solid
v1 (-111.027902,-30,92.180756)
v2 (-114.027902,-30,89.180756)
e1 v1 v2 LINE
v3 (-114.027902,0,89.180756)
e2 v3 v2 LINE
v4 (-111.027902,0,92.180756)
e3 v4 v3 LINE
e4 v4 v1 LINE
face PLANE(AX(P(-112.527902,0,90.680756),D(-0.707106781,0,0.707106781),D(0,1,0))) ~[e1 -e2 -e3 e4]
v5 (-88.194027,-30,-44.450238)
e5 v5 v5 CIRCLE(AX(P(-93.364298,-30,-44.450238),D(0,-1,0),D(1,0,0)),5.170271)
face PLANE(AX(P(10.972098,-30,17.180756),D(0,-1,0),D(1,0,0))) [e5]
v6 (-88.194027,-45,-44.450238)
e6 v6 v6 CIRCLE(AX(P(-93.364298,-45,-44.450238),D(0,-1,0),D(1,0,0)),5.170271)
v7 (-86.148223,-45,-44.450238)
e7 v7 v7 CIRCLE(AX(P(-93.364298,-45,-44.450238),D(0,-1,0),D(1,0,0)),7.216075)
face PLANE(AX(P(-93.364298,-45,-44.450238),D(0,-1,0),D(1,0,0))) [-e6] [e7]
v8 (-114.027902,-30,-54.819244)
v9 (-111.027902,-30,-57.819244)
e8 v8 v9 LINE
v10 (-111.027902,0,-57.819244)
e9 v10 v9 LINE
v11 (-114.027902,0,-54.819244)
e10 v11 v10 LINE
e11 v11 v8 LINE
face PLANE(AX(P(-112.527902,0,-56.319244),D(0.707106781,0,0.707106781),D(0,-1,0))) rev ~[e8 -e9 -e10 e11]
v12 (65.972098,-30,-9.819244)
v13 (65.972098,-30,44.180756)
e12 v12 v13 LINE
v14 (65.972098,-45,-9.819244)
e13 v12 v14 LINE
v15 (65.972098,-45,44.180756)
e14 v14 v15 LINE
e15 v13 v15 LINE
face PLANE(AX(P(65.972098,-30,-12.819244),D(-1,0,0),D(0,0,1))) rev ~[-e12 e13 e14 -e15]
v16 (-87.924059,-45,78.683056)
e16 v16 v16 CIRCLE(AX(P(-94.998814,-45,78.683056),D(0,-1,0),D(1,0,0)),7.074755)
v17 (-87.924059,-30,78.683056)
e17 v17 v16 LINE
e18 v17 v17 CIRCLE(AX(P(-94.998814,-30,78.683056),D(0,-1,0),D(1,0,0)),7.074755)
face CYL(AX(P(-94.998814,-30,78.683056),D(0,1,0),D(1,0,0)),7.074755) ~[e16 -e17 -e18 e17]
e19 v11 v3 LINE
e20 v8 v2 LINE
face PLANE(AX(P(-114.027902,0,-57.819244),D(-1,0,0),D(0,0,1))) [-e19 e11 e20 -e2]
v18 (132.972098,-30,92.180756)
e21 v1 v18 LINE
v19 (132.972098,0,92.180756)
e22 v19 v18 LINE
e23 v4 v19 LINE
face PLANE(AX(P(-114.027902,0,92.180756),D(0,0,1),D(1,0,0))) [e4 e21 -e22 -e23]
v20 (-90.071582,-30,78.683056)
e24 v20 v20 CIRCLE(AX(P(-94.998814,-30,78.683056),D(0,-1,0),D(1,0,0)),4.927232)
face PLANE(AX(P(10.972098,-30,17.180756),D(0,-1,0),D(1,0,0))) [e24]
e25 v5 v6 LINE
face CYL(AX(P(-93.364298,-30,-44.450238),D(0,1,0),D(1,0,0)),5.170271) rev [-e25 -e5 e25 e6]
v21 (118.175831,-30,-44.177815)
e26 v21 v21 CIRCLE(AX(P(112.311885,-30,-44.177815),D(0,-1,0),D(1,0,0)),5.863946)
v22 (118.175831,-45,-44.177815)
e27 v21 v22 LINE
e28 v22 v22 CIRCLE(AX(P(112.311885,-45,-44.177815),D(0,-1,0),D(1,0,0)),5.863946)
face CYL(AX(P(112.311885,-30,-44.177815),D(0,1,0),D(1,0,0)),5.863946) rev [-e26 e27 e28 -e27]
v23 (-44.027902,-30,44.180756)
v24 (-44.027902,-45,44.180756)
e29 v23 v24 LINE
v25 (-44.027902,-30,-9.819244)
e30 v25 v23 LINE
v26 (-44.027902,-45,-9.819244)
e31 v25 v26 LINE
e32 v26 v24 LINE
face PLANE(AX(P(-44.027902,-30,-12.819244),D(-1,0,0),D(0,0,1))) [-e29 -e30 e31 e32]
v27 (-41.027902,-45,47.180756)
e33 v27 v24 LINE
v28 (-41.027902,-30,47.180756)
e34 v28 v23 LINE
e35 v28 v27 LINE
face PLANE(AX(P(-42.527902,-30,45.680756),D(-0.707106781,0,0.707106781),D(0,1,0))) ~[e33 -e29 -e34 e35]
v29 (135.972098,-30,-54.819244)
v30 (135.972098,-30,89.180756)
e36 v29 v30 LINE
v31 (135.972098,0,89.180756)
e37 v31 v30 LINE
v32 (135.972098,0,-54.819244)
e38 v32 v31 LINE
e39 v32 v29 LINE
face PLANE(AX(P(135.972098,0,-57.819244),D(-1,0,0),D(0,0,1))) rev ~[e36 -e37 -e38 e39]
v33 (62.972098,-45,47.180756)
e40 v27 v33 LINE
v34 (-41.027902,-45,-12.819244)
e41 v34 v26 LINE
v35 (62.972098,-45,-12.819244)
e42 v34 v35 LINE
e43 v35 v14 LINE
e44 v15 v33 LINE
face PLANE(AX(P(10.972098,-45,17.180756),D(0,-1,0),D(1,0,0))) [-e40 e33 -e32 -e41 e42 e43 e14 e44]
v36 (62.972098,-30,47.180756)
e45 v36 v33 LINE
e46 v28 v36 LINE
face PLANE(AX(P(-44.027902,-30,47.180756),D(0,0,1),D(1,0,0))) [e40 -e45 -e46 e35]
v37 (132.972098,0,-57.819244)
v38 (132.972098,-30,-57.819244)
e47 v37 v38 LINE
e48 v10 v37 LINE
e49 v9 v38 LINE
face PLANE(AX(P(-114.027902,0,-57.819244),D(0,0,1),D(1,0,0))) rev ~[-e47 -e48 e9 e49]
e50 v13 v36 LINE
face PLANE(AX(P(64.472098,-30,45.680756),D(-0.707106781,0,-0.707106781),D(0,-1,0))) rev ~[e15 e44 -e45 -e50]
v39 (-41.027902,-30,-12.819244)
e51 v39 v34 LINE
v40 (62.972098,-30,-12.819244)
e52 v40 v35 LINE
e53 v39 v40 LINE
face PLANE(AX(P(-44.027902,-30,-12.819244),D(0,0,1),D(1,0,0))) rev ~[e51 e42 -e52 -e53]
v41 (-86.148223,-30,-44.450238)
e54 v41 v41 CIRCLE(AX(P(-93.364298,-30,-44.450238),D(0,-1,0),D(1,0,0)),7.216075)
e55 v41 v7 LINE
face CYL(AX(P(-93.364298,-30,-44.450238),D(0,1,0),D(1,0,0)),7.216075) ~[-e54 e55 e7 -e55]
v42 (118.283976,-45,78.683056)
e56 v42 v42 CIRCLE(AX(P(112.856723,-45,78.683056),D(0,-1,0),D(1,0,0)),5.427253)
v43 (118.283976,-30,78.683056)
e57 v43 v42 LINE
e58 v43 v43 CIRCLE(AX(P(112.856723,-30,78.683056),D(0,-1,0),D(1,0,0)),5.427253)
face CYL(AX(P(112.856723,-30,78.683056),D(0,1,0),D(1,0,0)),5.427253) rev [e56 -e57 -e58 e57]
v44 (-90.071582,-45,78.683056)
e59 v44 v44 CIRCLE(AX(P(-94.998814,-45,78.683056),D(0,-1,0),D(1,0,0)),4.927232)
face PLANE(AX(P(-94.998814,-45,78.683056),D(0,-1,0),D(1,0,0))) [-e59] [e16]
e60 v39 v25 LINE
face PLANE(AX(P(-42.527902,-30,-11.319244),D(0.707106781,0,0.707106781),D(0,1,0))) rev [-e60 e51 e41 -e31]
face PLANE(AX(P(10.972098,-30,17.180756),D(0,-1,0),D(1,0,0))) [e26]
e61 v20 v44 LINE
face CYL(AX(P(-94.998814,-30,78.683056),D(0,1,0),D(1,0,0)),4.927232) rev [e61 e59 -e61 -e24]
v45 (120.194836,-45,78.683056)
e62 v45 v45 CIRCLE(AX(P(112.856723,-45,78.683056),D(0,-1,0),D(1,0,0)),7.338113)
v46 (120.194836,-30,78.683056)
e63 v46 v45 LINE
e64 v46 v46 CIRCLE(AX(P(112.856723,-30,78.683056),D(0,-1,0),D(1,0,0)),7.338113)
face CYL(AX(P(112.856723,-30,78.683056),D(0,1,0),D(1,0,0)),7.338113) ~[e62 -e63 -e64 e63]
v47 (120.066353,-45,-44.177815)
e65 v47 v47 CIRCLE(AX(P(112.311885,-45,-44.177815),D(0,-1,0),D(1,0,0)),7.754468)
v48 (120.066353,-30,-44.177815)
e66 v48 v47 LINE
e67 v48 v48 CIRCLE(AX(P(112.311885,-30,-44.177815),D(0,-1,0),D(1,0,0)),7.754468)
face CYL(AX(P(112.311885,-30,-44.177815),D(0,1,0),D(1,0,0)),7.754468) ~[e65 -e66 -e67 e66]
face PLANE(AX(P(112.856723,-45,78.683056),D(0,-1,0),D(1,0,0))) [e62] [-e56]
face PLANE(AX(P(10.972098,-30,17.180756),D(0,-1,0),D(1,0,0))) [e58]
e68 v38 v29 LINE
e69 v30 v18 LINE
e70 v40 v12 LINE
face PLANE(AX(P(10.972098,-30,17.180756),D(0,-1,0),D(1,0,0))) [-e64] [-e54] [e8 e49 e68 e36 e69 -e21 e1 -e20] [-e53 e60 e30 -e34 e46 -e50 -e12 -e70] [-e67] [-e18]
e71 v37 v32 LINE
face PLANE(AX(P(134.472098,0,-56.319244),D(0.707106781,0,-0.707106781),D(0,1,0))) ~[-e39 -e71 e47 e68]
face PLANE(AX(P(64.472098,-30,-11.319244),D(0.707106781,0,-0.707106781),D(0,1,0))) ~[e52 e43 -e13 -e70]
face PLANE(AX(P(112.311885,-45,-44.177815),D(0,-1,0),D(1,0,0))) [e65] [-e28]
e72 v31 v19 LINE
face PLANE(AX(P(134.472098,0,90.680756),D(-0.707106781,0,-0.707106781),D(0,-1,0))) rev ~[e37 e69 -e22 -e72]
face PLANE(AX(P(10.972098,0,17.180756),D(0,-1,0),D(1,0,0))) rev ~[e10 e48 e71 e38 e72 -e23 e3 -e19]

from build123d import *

# Parameters (mm, degrees)
F0_W      = 250
F0_H      = 150
F1_DEPTH  = 30
F2_SIZE   = 3
F3_SIZE   = 3
F4_SIZE   = 3
F5_SIZE   = 3
F6_W      = 110
F6_H      = 60
F7_DEPTH  = 15
F8_SIZE   = 3
F9_R      = 7.216075
F9_R_2    = 5.170271
F9_R_3    = 7.754468
F9_R_4    = 5.863946
F9_R_5    = 7.338113
F9_R_6    = 5.427253
F9_R_7    = 7.074755
F9_R_8    = 4.927232
F10_DEPTH = 15


with BuildPart() as f1:
    # F0 (on Front) → F1 (new body)
    with BuildSketch(Plane.XZ):
        with Locations((10.972098, 17.180756)):
            Rectangle(F0_W, F0_H)
    extrude(amount=F1_DEPTH)

    # F2
    f2_edges = [f1.edges().sort_by_distance(p)[0] for p in [
        (-114.027902, -15, -57.819244),
    ]]
    chamfer(f2_edges, length=F2_SIZE)

    # F3
    f3_edges = [f1.edges().sort_by_distance(p)[0] for p in [
        (135.972098, -15, -57.819244),
    ]]
    chamfer(f3_edges, length=F3_SIZE)

    # F4
    f4_edges = [f1.edges().sort_by_distance(p)[0] for p in [
        (135.972098, -15, 92.180756),
    ]]
    chamfer(f4_edges, length=F4_SIZE)

    # F5
    f5_edges = [f1.edges().sort_by_distance(p)[0] for p in [
        (-114.027902, -15, 92.180756),
    ]]
    chamfer(f5_edges, length=F5_SIZE)

    # F6 (on face) → F7 (join)
    with BuildSketch(Plane.XZ.offset(30)):
        with Locations((10.972098, 17.180756)):
            Rectangle(F6_W, F6_H)
    extrude(amount=F7_DEPTH)

    # F8
    f8_edges = [f1.edges().sort_by_distance(p)[0] for p in [
        (-44.027902, -37.5, -12.819244),
        (-44.027902, -37.5, 47.180756),
        (65.972098, -37.5, -12.819244),
        (65.972098, -37.5, 47.180756),
    ]]
    chamfer(f8_edges, length=F8_SIZE)

    # F9 (on face) → F10 (join)
    with BuildSketch(Plane.XZ.offset(30)):
        with Locations((-93.364298, -44.450238)):
            Circle(F9_R)
        with Locations((-93.364298, -44.450238)):
            Circle(F9_R_2, mode=Mode.SUBTRACT)
        with Locations((112.311885, -44.177815)):
            Circle(F9_R_3)
        with Locations((112.311885, -44.177815)):
            Circle(F9_R_4, mode=Mode.SUBTRACT)
        with Locations((112.856723, 78.683056)):
            Circle(F9_R_5)
        with Locations((112.856723, 78.683056)):
            Circle(F9_R_6, mode=Mode.SUBTRACT)
        with Locations((-94.998814, 78.683056)):
            Circle(F9_R_7)
        with Locations((-94.998814, 78.683056)):
            Circle(F9_R_8, mode=Mode.SUBTRACT)
    extrude(amount=F10_DEPTH)


solid = f1.part
